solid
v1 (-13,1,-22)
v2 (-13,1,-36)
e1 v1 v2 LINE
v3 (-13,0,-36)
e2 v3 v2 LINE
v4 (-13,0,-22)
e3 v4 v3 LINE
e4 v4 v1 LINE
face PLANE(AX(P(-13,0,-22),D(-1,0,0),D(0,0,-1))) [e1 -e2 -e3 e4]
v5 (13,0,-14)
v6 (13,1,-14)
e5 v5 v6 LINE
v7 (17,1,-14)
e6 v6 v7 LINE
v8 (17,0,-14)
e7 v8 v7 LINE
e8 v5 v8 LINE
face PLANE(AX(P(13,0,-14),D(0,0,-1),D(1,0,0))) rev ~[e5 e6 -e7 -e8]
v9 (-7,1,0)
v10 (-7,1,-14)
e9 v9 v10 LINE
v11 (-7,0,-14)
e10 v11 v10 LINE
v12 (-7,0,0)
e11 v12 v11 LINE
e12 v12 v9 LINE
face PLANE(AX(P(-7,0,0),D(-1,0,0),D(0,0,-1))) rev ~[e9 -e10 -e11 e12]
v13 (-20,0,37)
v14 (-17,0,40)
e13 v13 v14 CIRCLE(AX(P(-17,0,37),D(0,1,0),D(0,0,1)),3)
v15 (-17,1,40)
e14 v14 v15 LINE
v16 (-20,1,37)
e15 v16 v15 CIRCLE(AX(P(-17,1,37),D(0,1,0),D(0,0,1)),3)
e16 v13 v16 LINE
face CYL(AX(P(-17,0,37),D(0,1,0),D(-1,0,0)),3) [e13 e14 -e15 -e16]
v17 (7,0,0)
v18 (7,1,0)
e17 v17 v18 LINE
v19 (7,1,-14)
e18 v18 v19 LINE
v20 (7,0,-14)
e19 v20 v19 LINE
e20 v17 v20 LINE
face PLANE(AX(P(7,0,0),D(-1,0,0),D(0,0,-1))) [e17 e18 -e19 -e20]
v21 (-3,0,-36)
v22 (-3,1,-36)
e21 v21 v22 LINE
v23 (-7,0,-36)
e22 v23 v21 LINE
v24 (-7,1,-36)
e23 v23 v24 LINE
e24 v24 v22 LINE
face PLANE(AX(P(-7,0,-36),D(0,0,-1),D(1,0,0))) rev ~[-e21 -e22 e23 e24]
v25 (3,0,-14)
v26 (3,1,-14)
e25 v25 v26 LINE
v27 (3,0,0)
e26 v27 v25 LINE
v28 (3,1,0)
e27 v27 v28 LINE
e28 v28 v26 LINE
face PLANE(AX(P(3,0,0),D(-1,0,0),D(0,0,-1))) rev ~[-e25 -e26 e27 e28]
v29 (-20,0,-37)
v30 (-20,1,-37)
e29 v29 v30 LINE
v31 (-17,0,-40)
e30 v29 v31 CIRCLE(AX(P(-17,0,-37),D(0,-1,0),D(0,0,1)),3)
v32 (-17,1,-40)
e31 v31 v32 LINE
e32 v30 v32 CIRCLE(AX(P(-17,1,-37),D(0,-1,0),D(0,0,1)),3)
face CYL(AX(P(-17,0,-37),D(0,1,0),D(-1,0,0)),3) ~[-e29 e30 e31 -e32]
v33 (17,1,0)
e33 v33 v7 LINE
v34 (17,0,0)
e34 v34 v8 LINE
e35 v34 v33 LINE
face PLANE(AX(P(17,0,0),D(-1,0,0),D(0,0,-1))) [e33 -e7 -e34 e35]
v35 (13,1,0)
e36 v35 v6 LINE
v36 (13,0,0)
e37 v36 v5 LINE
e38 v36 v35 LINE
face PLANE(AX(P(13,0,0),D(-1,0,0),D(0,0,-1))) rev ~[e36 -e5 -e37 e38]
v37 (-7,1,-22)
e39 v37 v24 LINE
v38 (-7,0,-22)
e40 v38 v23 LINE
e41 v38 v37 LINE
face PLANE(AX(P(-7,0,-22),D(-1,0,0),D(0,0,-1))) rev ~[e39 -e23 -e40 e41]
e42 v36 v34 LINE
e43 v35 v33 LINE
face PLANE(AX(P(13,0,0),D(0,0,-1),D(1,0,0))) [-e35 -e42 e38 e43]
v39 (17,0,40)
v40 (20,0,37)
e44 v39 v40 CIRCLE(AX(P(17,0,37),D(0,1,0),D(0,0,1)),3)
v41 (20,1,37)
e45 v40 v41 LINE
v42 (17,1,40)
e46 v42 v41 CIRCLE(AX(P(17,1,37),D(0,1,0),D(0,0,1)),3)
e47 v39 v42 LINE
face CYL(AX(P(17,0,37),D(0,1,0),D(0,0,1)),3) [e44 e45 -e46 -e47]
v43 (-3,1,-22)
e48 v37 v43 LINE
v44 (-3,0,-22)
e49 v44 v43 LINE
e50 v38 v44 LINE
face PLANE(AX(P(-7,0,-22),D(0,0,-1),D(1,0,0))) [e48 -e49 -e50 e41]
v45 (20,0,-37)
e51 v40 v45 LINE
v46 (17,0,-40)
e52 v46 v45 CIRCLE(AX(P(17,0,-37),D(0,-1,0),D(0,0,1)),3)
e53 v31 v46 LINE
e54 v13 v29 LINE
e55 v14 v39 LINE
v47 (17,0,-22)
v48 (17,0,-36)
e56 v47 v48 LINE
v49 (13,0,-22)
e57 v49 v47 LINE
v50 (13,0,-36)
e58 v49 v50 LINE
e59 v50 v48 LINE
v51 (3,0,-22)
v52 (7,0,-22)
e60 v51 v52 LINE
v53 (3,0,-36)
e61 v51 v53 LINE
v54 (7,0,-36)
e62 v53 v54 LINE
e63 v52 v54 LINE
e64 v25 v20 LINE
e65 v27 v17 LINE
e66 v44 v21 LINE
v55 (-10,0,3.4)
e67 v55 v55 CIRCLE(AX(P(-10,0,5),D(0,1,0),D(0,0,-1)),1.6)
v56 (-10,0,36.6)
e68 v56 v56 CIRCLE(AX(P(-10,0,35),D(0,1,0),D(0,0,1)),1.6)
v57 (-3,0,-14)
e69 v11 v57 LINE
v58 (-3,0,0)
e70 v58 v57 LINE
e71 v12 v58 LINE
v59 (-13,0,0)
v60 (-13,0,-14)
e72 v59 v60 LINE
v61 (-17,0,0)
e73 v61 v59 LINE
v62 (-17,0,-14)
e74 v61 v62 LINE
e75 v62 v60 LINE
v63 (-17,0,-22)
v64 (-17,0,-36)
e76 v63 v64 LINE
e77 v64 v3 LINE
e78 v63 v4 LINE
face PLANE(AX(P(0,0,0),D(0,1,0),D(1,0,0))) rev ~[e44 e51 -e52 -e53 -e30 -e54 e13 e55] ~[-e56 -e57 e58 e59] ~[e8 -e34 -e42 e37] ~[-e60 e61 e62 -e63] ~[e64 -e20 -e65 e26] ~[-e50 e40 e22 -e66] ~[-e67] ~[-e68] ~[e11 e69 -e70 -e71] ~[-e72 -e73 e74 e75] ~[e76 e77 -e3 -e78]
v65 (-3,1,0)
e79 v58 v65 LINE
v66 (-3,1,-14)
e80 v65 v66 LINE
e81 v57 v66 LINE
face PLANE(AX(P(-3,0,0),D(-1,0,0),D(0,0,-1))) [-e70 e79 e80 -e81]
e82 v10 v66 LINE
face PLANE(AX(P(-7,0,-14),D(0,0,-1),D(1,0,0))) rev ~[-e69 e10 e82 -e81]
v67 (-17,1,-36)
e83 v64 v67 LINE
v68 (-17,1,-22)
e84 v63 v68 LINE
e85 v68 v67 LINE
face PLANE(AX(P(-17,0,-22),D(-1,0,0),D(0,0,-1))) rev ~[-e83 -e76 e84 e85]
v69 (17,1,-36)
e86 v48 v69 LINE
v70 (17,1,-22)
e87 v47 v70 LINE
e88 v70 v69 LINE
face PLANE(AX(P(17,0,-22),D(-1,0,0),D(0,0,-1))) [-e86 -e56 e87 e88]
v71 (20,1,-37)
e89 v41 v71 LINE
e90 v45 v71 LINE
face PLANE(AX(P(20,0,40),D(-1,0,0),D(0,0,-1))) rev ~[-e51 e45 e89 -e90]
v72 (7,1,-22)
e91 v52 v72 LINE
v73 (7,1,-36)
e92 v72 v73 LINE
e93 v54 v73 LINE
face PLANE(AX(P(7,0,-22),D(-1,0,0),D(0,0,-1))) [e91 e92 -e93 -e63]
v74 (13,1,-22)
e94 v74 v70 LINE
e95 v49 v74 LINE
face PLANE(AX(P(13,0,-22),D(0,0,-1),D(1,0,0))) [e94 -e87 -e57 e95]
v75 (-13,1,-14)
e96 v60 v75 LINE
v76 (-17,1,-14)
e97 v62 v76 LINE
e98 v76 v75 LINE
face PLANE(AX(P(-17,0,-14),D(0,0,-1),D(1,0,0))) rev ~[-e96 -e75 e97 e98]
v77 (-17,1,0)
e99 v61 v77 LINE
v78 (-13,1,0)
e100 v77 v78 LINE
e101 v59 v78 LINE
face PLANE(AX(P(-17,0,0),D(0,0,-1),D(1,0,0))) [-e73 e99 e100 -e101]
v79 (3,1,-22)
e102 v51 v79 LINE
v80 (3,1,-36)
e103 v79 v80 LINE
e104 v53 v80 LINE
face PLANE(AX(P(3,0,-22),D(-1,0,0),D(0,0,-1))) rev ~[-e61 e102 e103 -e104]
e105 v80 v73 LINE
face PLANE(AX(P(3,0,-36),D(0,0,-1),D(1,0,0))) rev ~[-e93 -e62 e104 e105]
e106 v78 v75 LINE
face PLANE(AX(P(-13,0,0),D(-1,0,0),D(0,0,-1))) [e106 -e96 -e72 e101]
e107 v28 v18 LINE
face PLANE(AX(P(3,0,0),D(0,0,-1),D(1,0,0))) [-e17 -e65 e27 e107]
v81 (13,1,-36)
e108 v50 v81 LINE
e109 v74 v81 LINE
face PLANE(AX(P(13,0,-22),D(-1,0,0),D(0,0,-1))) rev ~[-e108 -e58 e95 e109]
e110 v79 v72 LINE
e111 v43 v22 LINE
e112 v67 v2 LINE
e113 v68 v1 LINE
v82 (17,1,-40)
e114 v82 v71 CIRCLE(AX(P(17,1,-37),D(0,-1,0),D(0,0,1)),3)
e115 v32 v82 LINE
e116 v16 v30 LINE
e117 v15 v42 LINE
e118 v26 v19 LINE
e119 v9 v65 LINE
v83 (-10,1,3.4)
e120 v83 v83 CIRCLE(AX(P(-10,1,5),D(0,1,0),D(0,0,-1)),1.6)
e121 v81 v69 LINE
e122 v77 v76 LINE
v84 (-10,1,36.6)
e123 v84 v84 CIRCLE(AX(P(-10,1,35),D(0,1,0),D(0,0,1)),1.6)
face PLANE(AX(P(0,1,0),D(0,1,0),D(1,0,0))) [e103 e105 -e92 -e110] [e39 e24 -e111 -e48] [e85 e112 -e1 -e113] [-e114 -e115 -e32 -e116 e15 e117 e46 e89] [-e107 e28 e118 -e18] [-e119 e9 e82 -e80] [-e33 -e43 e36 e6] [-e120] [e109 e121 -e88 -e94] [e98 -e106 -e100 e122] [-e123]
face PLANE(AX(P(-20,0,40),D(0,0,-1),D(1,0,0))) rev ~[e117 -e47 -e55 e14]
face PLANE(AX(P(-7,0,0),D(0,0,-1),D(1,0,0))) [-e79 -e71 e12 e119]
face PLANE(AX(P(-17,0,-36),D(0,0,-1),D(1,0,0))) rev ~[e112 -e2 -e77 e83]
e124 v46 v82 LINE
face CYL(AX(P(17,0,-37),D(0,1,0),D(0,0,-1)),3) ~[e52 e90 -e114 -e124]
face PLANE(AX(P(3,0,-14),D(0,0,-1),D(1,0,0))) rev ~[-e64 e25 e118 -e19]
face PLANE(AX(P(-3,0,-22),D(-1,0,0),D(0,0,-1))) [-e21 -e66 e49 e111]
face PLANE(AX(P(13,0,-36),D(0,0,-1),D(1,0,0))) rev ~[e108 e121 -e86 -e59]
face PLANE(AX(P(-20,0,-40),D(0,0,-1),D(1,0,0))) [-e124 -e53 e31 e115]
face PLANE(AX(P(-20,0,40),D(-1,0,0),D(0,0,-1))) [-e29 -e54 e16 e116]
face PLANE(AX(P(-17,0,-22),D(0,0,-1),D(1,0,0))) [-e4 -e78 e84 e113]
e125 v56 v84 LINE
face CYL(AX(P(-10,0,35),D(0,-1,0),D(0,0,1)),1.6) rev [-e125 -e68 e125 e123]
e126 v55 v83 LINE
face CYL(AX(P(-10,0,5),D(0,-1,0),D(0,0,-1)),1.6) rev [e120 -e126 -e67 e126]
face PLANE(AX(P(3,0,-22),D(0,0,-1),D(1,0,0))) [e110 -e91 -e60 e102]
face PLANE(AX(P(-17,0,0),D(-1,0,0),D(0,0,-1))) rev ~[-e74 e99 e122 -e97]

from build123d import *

# Parameters (mm, degrees)
SKETCH_1_W      = 40
SKETCH_1_H      = 80
SKETCH_1_R      = 1.6
SKETCH_1_W_2    = 4
SKETCH_1_H_2    = 14
EXTRUDE_1_DEPTH = 1
FILLET_1_R      = 3


with BuildPart() as part:
    # 草图1 → 凸台-拉伸1 (new body)
    with BuildSketch(Plane(origin=(0, 0, 0), x_dir=(1, 0, 0), z_dir=(0, 1, 0))):
        Rectangle(SKETCH_1_W, SKETCH_1_H)
        with Locations(Location((-10, -35, 0), (0, 0, 270))):
            Circle(SKETCH_1_R, mode=Mode.SUBTRACT)
        with Locations(Location((-10, -5, 0), (0, 0, 90))):
            Circle(SKETCH_1_R, mode=Mode.SUBTRACT)
        with Locations((-5, 7)):
            Rectangle(SKETCH_1_W_2, SKETCH_1_H_2, mode=Mode.SUBTRACT)
        with Locations((-15, 7)):
            Rectangle(SKETCH_1_W_2, SKETCH_1_H_2, mode=Mode.SUBTRACT)
        with Locations((5, 7)):
            Rectangle(SKETCH_1_W_2, SKETCH_1_H_2, mode=Mode.SUBTRACT)
        with Locations((15, 7)):
            Rectangle(SKETCH_1_W_2, SKETCH_1_H_2, mode=Mode.SUBTRACT)
        with Locations((-5, 29)):
            Rectangle(SKETCH_1_W_2, SKETCH_1_H_2, mode=Mode.SUBTRACT)
        with Locations((5, 29)):
            Rectangle(SKETCH_1_W_2, SKETCH_1_H_2, mode=Mode.SUBTRACT)
        with Locations((15, 29)):
            Rectangle(SKETCH_1_W_2, SKETCH_1_H_2, mode=Mode.SUBTRACT)
        with Locations((-15, 29)):
            Rectangle(SKETCH_1_W_2, SKETCH_1_H_2, mode=Mode.SUBTRACT)
    extrude(amount=EXTRUDE_1_DEPTH)

    # 圆角1
    fillet_1_edges = [part.edges().sort_by_distance(p)[0] for p in [
        (20, 0.5, 40),
        (-20, 0.5, 40),
        (-20, 0.5, -40),
        (20, 0.5, -40),
    ]]
    fillet(fillet_1_edges, radius=FILLET_1_R)


solid = part.part
